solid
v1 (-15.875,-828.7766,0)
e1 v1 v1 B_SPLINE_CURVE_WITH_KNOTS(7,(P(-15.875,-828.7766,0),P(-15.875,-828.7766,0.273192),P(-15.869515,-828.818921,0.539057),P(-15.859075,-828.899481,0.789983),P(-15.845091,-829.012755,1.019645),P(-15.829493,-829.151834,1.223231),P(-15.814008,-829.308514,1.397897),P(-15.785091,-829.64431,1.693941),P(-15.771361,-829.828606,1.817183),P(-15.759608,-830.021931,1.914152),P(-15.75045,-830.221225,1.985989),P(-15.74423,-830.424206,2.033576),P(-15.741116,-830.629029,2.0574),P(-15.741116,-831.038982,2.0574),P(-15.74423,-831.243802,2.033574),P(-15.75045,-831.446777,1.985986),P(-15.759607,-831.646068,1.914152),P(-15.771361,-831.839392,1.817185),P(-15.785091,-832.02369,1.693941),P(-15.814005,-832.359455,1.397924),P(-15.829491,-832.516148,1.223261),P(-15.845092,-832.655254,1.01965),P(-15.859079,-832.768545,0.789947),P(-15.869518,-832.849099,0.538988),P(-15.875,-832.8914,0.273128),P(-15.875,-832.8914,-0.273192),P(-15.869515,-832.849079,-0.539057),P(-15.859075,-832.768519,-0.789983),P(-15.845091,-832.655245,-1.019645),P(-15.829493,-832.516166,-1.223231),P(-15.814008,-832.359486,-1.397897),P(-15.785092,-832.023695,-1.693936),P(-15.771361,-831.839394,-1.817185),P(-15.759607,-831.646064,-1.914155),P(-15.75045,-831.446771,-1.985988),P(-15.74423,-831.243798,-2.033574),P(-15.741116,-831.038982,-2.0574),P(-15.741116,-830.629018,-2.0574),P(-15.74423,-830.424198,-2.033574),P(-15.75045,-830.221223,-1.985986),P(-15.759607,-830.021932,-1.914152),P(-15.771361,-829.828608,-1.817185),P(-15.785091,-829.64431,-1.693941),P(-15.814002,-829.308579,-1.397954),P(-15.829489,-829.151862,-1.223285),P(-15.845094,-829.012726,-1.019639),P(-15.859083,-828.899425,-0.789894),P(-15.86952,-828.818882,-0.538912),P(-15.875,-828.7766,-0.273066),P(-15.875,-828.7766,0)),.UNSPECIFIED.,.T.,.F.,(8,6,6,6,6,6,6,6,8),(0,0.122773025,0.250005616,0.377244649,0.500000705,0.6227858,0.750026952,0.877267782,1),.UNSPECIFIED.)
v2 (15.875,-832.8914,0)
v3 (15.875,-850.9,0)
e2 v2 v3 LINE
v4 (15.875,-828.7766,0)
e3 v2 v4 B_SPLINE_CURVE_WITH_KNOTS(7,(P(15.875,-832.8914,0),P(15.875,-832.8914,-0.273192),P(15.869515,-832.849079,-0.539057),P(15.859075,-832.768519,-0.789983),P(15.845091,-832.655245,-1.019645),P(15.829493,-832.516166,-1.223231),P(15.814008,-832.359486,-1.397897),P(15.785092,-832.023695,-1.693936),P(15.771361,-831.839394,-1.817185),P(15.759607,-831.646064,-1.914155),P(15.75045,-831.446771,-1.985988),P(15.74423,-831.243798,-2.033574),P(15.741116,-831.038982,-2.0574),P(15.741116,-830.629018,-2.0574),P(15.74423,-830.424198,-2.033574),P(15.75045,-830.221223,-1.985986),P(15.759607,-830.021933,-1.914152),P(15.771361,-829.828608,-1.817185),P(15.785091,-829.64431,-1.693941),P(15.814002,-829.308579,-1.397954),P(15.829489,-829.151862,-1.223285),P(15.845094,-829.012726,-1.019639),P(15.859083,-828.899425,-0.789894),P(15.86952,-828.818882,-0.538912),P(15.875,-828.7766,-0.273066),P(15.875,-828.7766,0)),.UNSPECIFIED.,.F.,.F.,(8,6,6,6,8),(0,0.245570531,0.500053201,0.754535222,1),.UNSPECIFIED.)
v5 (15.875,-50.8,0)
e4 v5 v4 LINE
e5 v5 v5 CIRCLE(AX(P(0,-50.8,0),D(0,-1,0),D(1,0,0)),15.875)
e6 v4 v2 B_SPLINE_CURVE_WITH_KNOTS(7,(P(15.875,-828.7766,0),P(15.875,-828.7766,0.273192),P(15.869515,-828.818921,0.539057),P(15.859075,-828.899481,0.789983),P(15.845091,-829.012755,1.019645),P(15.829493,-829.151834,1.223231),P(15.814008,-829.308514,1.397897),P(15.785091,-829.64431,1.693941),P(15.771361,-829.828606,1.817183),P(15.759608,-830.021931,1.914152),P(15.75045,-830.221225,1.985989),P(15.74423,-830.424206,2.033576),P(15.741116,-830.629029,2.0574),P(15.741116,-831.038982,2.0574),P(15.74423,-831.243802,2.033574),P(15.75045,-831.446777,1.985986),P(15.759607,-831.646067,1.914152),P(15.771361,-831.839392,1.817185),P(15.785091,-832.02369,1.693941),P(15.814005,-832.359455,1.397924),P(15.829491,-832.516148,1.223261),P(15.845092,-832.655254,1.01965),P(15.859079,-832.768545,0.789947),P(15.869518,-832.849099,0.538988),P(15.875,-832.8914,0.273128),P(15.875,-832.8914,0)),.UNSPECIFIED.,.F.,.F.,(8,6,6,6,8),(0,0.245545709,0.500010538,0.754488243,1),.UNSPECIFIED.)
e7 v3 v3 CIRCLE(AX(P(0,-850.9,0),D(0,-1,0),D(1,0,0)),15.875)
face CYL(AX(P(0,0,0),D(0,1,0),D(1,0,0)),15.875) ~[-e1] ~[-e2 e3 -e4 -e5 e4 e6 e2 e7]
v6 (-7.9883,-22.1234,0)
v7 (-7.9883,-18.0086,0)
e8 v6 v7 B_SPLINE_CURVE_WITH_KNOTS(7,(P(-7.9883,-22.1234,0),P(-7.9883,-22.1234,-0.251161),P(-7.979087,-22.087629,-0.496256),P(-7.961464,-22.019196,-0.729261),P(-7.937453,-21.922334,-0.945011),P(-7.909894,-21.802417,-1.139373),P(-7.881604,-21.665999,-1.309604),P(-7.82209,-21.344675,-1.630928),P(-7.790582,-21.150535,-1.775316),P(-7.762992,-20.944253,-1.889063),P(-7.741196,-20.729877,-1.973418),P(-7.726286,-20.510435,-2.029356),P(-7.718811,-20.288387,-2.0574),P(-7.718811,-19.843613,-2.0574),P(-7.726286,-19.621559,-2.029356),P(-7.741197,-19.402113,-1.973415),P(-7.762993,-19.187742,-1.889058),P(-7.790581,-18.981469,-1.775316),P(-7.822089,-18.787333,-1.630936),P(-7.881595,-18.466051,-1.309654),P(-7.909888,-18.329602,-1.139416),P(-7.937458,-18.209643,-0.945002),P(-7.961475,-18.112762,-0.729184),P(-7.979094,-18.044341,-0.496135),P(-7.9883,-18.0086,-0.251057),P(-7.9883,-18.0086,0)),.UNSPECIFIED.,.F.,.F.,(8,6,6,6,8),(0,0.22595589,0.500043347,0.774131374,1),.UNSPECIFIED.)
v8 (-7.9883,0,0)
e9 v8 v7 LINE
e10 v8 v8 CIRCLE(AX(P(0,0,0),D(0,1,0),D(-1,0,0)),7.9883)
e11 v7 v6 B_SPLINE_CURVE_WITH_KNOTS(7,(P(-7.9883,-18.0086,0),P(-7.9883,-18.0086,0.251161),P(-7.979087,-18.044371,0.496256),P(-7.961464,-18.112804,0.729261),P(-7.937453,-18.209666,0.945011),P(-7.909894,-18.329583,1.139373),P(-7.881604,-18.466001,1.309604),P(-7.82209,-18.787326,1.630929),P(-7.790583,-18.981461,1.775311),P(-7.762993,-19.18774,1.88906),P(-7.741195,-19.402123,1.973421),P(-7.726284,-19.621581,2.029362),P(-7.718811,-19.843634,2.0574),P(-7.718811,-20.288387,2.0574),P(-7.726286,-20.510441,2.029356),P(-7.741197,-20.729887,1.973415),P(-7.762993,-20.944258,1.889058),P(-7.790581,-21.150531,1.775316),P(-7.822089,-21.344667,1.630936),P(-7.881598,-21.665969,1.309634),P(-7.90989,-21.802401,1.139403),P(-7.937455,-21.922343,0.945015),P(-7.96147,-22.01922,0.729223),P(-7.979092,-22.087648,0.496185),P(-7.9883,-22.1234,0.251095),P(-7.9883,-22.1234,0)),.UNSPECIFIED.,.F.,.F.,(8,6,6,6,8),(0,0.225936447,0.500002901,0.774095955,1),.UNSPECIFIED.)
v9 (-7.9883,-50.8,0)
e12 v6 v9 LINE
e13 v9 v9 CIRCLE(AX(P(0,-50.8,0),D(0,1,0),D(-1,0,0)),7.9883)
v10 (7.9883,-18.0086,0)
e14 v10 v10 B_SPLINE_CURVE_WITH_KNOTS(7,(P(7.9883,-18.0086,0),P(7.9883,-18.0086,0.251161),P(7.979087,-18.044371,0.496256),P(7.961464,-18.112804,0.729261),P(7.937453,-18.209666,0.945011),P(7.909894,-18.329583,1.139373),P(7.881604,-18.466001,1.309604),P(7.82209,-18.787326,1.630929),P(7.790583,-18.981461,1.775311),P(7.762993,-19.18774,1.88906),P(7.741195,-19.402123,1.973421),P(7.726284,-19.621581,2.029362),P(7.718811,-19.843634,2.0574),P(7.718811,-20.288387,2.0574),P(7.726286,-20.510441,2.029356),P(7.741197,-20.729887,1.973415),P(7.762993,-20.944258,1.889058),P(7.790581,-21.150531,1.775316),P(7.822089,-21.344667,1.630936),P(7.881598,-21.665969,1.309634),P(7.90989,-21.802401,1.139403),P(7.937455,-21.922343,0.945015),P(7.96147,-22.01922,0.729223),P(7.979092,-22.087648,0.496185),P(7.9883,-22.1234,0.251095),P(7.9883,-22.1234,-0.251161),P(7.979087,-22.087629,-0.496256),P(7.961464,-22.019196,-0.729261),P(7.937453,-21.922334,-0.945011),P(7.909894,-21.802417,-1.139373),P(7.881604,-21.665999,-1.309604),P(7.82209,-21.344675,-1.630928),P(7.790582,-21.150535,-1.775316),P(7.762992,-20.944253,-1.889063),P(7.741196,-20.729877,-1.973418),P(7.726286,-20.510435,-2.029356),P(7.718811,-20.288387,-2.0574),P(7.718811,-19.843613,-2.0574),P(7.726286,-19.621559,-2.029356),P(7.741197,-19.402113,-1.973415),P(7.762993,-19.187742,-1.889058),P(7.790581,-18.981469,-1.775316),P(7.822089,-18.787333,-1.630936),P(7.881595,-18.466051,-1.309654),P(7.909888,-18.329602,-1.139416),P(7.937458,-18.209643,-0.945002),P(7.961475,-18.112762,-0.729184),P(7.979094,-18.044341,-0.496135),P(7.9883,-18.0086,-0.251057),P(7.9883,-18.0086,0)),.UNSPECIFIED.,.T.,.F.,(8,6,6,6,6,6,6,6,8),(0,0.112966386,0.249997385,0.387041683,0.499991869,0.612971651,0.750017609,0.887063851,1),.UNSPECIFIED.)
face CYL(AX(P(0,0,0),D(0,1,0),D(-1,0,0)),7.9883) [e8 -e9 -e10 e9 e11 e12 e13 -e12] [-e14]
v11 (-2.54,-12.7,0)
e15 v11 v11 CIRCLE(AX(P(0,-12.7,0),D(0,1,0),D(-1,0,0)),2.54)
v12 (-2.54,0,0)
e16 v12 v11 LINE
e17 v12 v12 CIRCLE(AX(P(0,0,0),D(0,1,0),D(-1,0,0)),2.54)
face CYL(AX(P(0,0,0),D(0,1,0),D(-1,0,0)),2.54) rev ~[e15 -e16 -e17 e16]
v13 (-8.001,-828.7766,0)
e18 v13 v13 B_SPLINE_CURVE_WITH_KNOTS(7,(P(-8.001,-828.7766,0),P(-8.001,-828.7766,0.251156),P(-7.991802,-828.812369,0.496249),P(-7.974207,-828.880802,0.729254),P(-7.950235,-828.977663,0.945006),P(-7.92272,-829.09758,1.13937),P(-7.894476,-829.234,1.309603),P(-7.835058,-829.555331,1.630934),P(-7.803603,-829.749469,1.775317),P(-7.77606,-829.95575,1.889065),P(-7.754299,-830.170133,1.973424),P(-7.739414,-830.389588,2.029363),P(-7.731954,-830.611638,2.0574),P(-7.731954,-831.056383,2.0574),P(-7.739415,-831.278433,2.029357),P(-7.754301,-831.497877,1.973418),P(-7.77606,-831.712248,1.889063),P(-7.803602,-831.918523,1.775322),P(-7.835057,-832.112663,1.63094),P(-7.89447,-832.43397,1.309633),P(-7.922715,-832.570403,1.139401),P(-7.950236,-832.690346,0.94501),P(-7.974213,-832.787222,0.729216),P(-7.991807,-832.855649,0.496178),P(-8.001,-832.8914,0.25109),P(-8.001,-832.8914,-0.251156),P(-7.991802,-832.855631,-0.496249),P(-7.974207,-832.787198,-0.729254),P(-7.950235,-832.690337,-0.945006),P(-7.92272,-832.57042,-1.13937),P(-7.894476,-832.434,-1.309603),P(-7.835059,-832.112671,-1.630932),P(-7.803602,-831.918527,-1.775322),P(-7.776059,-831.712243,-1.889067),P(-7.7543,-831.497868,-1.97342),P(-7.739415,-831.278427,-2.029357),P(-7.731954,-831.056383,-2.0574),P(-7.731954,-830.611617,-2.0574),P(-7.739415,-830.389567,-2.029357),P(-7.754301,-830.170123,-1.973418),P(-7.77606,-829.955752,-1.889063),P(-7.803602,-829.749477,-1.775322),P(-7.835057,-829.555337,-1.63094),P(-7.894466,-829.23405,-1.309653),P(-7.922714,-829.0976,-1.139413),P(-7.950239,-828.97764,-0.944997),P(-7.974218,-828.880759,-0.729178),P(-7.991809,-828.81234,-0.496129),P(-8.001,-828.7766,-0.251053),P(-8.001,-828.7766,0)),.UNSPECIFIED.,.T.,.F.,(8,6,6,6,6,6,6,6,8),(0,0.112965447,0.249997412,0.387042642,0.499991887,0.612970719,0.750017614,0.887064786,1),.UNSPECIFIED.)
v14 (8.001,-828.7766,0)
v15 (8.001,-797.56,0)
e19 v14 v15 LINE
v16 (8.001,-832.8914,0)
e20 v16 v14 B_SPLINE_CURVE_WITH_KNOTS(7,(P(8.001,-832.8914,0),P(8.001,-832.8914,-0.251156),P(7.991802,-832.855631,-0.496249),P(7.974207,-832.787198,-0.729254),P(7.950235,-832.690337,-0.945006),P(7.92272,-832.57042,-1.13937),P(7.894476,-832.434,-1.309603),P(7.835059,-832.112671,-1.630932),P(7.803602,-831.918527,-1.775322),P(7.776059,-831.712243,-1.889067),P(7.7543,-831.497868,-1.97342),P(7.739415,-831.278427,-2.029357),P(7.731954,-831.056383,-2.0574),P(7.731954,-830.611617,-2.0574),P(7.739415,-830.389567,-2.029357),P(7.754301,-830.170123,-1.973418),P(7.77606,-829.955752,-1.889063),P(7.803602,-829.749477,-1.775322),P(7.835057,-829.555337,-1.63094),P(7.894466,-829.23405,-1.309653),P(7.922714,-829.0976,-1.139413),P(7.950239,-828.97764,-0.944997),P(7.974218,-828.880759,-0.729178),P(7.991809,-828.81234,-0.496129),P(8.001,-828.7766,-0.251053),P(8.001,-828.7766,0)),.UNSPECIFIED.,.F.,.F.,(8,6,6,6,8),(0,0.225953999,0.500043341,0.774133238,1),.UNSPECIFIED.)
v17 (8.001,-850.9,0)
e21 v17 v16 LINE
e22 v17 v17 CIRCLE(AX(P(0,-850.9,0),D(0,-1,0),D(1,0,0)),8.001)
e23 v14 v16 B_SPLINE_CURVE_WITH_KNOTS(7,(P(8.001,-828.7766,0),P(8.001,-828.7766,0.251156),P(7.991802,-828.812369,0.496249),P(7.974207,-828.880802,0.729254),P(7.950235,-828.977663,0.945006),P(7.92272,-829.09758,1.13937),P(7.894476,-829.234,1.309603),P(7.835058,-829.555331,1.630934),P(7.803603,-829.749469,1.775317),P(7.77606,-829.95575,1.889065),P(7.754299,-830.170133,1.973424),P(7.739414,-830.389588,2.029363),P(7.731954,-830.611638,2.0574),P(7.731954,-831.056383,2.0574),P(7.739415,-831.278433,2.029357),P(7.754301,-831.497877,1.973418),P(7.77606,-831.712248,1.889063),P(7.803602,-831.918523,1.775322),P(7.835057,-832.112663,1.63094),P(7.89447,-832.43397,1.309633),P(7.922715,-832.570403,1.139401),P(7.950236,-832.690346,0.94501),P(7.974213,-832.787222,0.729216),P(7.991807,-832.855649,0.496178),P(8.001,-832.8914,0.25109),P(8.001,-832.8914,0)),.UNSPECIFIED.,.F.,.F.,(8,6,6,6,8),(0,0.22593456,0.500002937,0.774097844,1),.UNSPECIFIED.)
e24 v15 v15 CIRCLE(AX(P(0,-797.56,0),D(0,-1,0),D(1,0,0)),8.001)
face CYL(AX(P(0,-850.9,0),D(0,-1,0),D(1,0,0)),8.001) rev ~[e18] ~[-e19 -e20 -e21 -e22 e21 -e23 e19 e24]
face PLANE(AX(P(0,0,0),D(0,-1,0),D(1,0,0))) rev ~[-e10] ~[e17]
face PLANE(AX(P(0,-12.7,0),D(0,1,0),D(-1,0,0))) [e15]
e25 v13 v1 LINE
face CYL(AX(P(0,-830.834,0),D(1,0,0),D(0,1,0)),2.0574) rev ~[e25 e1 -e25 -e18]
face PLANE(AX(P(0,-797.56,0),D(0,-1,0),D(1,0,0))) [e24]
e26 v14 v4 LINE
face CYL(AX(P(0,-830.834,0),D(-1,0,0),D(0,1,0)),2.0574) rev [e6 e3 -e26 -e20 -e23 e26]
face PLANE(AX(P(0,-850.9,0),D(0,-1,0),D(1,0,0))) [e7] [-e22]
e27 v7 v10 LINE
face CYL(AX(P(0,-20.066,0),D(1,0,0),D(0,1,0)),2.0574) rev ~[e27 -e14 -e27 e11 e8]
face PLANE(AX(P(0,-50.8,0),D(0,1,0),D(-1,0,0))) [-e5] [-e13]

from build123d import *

# Parameters (mm, degrees)
F0_R     = 15.875
F1_DEPTH = 850.9
F2_R     = 8.001
F3_DEPTH = 53.34
F4_R     = 2.0574
F5_DEPTH = 25.4
F6_R     = 15.875
F6_R_2   = 7.9883
F7_DEPTH = 50.8
F8_R     = 2.54
F9_DEPTH = 12.7


with BuildPart() as f1:
    # F0 (on Front) → F1 (new body)
    with BuildSketch(Plane.XZ):
        Circle(F0_R)
    extrude(amount=F1_DEPTH)

    # F2 (on face) → F3 (cut)
    with BuildSketch(Plane.XZ.offset(850.9)):
        Circle(F2_R)
    extrude(amount=-F3_DEPTH, mode=Mode.SUBTRACT)

    # F4 (on Right) → F5 (cut, symmetric)
    with BuildSketch(Plane.YZ):
        with Locations((-830.834, 0)):
            Circle(F4_R)
        with Locations((-20.066, 0)):
            Circle(F4_R)
    extrude(amount=F5_DEPTH, both=True, mode=Mode.SUBTRACT)

    # F6 (on face) → F7 (cut)
    with BuildSketch(Plane(origin=(0, 0, 0), x_dir=(-1, 0, 0), z_dir=(0, 1, 0))):
        Circle(F6_R)
        Circle(F6_R_2, mode=Mode.SUBTRACT)
    extrude(amount=-F7_DEPTH, mode=Mode.SUBTRACT)

    # F8 (on face) → F9 (cut)
    with BuildSketch(Plane(origin=(0, 0, 0), x_dir=(-1, 0, 0), z_dir=(0, 1, 0))):
        Circle(F8_R)
    extrude(amount=-F9_DEPTH, mode=Mode.SUBTRACT)


solid = f1.part
